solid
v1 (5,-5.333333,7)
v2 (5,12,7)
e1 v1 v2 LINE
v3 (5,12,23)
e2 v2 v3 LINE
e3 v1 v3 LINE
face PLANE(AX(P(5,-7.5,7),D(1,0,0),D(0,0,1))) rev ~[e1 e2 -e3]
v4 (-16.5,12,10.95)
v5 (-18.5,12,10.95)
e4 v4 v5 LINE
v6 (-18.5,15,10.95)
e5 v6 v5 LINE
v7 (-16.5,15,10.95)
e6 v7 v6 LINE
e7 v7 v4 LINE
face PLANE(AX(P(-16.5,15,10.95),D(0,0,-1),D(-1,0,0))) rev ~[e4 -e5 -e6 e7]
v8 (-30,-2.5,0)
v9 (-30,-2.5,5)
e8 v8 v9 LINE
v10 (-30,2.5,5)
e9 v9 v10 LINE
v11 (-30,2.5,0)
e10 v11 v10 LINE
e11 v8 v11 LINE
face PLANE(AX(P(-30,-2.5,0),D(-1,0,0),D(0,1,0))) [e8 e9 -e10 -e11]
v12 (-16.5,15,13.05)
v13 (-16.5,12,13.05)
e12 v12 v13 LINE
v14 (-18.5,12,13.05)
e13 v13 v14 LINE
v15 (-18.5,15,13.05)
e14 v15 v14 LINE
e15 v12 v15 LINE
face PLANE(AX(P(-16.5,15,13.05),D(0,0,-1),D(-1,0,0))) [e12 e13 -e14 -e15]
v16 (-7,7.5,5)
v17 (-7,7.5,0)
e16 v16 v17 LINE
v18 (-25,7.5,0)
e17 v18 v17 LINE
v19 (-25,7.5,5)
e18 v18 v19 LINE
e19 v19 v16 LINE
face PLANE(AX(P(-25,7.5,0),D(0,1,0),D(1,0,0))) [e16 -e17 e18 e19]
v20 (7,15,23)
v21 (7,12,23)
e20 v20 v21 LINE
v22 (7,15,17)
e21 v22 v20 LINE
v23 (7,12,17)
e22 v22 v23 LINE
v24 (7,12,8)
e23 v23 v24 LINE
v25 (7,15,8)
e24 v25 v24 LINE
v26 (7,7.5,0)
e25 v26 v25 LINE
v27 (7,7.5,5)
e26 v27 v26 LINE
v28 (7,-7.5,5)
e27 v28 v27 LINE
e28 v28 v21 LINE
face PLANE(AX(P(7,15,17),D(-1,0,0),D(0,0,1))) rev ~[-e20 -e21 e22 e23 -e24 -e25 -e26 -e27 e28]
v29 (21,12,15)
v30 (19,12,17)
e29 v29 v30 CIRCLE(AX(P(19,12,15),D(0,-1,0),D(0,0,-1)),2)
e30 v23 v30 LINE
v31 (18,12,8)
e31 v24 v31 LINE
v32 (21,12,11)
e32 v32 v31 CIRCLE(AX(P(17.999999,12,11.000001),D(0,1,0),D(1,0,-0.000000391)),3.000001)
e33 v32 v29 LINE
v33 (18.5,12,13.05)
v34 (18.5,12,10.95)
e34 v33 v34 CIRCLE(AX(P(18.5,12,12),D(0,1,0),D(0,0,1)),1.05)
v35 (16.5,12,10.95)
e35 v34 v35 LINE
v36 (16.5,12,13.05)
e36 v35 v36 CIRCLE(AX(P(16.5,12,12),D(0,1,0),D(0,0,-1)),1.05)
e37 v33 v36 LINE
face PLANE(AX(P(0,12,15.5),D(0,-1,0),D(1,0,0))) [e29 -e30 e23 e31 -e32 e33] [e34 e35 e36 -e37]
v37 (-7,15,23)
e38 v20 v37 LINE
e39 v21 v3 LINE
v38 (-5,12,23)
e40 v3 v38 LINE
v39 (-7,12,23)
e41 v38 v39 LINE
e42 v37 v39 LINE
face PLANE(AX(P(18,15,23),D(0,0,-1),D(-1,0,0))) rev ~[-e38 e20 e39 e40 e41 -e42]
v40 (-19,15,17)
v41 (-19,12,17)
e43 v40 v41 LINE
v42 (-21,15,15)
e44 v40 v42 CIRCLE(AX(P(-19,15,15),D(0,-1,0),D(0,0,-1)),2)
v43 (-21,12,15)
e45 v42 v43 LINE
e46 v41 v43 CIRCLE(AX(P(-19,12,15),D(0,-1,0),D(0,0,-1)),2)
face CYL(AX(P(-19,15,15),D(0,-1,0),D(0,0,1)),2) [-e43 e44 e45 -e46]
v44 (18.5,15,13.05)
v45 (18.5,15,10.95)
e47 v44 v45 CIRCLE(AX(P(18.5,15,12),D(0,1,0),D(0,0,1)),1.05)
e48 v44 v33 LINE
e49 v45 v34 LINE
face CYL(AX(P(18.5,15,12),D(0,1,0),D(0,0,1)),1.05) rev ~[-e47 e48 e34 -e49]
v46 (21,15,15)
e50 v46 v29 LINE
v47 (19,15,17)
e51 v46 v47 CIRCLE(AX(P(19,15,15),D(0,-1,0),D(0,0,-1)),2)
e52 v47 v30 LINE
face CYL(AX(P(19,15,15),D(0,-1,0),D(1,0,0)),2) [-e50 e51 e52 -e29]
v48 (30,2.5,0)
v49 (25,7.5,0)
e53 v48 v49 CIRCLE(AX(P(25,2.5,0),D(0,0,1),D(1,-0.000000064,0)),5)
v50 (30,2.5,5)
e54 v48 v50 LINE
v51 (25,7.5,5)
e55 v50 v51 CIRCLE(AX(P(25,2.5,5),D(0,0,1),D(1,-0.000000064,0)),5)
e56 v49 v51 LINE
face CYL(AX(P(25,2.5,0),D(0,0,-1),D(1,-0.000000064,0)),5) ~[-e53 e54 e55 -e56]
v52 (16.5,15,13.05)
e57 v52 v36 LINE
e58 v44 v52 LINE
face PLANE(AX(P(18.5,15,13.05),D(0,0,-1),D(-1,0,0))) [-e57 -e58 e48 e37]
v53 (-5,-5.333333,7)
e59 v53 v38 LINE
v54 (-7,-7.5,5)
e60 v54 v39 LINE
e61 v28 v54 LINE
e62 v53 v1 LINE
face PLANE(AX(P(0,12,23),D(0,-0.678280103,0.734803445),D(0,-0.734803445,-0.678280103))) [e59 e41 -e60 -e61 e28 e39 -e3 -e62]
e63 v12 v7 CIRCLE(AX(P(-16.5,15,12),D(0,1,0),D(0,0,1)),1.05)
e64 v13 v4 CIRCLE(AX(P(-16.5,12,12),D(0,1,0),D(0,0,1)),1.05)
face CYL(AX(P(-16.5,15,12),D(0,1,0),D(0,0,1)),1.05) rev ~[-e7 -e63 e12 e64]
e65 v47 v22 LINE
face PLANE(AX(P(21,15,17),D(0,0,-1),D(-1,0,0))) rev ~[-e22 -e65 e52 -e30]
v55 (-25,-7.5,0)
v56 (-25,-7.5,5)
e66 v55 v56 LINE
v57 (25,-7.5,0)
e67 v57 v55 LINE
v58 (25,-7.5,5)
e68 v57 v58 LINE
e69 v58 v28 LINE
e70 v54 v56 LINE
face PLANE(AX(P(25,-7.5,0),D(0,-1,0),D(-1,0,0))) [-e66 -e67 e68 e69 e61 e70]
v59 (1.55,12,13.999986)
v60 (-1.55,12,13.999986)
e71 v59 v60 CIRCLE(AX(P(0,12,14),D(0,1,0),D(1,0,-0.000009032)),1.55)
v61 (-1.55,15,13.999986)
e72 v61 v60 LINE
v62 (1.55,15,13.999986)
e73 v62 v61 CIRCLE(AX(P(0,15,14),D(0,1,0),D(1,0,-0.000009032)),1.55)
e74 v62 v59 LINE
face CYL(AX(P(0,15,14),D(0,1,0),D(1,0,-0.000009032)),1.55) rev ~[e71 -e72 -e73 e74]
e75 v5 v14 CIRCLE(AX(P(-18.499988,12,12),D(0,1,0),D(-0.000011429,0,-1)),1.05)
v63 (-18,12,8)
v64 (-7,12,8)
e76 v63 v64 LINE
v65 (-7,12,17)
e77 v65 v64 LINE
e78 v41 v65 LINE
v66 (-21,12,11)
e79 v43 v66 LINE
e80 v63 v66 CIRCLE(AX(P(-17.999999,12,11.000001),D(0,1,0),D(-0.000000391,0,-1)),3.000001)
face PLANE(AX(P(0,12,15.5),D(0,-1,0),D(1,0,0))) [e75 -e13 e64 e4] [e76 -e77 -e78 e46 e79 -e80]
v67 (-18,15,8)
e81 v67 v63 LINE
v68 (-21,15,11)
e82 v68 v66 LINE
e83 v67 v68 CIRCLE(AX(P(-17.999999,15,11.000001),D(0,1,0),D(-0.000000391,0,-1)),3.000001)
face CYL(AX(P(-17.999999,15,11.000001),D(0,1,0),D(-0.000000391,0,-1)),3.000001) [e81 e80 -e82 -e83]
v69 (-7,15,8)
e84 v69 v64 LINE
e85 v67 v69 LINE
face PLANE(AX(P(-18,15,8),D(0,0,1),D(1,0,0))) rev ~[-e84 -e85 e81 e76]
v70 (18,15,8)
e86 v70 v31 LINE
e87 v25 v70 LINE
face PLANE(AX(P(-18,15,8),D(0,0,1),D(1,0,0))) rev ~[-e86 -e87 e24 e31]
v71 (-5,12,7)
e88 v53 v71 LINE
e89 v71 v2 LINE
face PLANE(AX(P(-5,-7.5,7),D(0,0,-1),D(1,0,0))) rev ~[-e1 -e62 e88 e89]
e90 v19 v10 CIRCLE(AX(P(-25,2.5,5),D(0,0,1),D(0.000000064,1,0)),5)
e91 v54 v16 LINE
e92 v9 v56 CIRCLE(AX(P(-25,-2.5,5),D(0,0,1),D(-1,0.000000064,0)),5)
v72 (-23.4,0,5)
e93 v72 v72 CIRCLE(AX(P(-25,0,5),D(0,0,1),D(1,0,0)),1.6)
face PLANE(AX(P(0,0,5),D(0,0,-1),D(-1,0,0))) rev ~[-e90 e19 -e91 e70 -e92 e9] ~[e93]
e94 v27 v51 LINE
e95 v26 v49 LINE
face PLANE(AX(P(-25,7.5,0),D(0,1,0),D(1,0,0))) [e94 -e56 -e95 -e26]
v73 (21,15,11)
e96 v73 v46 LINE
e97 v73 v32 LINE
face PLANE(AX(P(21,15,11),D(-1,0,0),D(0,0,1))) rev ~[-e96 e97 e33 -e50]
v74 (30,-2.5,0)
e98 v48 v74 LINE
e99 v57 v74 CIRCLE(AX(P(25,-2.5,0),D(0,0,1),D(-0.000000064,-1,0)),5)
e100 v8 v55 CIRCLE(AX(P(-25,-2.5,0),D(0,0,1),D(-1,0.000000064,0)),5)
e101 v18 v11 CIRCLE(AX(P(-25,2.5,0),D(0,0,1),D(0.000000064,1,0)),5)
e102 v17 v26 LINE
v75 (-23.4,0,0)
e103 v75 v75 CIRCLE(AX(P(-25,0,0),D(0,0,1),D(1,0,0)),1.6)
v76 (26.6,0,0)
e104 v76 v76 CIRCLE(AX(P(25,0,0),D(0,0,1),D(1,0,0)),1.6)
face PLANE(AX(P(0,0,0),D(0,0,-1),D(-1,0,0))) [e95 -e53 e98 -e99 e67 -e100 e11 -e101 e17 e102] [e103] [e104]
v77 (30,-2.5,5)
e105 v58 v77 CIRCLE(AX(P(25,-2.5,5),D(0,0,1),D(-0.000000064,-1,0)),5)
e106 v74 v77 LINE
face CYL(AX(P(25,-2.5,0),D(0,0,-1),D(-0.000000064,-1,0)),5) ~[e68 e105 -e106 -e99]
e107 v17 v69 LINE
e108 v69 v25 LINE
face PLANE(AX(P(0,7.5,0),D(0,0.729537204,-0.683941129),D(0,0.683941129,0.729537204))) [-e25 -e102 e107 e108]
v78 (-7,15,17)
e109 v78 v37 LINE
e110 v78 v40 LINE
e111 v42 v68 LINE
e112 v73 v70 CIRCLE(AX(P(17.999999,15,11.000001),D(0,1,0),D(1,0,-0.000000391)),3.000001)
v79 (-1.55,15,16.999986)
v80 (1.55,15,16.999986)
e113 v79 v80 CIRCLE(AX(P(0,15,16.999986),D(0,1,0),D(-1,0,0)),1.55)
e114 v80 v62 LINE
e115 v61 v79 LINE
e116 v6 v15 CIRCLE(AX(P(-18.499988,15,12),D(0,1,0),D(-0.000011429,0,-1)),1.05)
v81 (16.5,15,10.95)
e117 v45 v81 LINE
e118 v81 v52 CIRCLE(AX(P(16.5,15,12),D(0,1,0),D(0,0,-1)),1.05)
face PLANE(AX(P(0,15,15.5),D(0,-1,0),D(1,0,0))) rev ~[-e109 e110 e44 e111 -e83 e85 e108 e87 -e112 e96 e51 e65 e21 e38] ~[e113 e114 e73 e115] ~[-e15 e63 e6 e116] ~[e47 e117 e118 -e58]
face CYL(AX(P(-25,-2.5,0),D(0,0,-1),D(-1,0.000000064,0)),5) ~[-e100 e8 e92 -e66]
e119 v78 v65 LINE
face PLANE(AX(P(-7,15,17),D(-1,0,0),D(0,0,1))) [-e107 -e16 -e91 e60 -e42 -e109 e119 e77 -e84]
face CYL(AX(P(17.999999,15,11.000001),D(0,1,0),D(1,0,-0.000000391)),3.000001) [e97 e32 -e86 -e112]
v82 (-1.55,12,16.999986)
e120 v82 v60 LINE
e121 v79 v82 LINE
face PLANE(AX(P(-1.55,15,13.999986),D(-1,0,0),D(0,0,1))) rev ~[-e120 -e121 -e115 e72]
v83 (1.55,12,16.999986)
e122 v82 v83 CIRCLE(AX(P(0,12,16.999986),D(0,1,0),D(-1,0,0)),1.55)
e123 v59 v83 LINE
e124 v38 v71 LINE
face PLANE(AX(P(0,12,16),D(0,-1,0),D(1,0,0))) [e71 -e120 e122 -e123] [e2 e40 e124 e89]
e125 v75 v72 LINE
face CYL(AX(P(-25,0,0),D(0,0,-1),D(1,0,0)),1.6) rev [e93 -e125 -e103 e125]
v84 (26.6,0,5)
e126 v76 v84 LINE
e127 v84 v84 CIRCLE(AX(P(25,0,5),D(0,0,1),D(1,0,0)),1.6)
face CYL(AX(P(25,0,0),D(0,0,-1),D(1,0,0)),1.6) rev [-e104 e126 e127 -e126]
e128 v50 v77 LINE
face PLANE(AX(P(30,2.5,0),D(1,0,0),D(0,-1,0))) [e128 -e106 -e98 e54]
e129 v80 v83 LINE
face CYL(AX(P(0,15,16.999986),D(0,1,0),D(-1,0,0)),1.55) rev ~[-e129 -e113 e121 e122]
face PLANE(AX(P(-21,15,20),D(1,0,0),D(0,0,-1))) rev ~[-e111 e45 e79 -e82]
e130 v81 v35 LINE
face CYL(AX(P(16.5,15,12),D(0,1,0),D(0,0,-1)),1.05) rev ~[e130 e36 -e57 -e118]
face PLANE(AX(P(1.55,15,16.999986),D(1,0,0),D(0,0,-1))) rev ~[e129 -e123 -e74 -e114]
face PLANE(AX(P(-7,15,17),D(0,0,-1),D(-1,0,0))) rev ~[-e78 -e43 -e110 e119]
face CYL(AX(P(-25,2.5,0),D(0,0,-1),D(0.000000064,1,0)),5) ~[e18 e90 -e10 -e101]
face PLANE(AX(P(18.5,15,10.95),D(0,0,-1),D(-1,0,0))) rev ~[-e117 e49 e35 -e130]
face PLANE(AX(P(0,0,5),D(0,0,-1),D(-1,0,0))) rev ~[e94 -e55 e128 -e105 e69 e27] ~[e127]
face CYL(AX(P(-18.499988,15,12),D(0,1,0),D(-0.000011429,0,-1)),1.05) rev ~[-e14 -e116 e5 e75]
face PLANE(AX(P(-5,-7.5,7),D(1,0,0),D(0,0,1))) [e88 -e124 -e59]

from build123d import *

# Parameters (mm, degrees)
SKETCH_R        = 1.6
PAD_DEPTH       = 5
PAD001_DEPTH    = 7
COPYSKETCH002_W = 10
COPYSKETCH002_H = 18
POCKET_DEPTH    = 19.5
PAD002_DEPTH    = 3
POCKET001_DEPTH = 5
SKETCH004_W     = 14
SKETCH004_H     = 6
POCKET002_DEPTH = 5
FILLET_R        = 2
FILLET001_R     = 2


with BuildPart() as part:
    # Sketch → Pad (new body)
    with BuildSketch(Plane.XY):
        with BuildLine():
            Line((-25, 7.5), (25, 7.5))
            ThreePointArc((30, 2.5), (28.535534, 6.035534), (25, 7.5))
            Line((30, 2.5), (30, -2.5))
            ThreePointArc((25, -7.5), (28.535534, -6.035534), (30, -2.5))
            Line((25, -7.5), (-25, -7.5))
            ThreePointArc((-30, -2.5), (-28.535534, -6.035534), (-25, -7.5))
            Line((-30, -2.5), (-30, 2.5))
            ThreePointArc((-25, 7.5), (-28.535534, 6.035534), (-30, 2.5))
        make_face()
        with Locations((-25, 0)):
            Circle(SKETCH_R, mode=Mode.SUBTRACT)
        with Locations((25, 0)):
            Circle(SKETCH_R, mode=Mode.SUBTRACT)
    extrude(amount=PAD_DEPTH)

    # Sketch001 → Pad001 (join, symmetric)
    with BuildSketch(Plane.YZ):
        Polygon((-7.5, 5), (7.5, 5), (7.5, 0), (15, 8), (15, 23), (12, 23), align=None)
    extrude(amount=PAD001_DEPTH, both=True)

    # CopySketch002 → Pocket (cut)
    with BuildSketch(Plane.XZ.offset(7.5)):
        with Locations((0, 16)):
            Rectangle(COPYSKETCH002_W, COPYSKETCH002_H)
    extrude(amount=-POCKET_DEPTH, mode=Mode.SUBTRACT)

    # Sketch003 (on Face18 of Pocket) → Pad002 (join)
    with BuildSketch(Plane(origin=(0, 15, 0), x_dir=(-1, 0, 0), z_dir=(0, 1, 0))):
        with BuildLine():
            Line((-18, 23), (18, 23))
            ThreePointArc((21, 20), (20.12132, 22.12132), (18, 23))
            Line((21, 20), (21, 11))
            ThreePointArc((18, 8), (20.12132, 8.87868), (21, 11))
            Line((18, 8), (-18, 8))
            ThreePointArc((-21, 11), (-20.12132, 8.87868), (-18, 8))
            Line((-21, 11), (-21, 20))
            ThreePointArc((-18, 23), (-20.12132, 22.12132), (-21, 20))
        make_face()
        with BuildLine():
            Line((-18.5, 13.05), (-16.5, 13.05))
            ThreePointArc((-16.5, 10.95), (-15.45, 12), (-16.5, 13.05))
            Line((-18.5, 10.95), (-16.5, 10.95))
            ThreePointArc((-18.5, 13.05), (-19.55, 12), (-18.5, 10.95))
        make_face(mode=Mode.SUBTRACT)
        with BuildLine():
            Line((16.5, 13.05), (18.5, 13.05))
            ThreePointArc((18.5, 10.95), (19.549988, 12), (18.5, 13.05))
            Line((16.5, 10.95), (18.5, 10.95))
            ThreePointArc((16.5, 13.05), (15.45, 12), (16.5, 10.95))
        make_face(mode=Mode.SUBTRACT)
        with BuildLine():
            Line((-1.55, 16.999987), (-1.55, 13.999987))
            ThreePointArc((-1.55, 13.999987), (0, 12.45), (1.55, 13.999987))
            Line((1.55, 16.999987), (1.55, 13.999987))
            ThreePointArc((1.55, 16.999987), (0, 18.549987), (-1.55, 16.999987))
        make_face(mode=Mode.SUBTRACT)
    extrude(amount=-PAD002_DEPTH)

    # Pad002 Face28 → Pocket001 (cut)
    with BuildSketch(Plane(origin=(0, 15, 15.499993), x_dir=(1, 0, 0), z_dir=(0, 1, 0))):
        with BuildLine():
            ThreePointArc((-1.55, -1.499993), (0, -3.049993), (1.55, -1.499993))
            Line((1.55, -1.499993), (1.55, 1.500007))
            ThreePointArc((1.55, 1.500007), (0, 3.049993), (-1.55, 1.500007))
            Line((-1.55, 1.500007), (-1.55, -1.499993))
        make_face()
    extrude(amount=-POCKET001_DEPTH, mode=Mode.SUBTRACT)

    # Sketch004 (on Face18 of Pad002) → Pocket002 (cut)
    with BuildSketch(Plane(origin=(0, 15, 0), x_dir=(-1, 0, 0), z_dir=(0, 1, 0))):
        with Locations((-14, 20)):
            Rectangle(SKETCH004_W, SKETCH004_H)
        with Locations((14, 20)):
            Rectangle(SKETCH004_W, SKETCH004_H)
    extrude(amount=-POCKET002_DEPTH, mode=Mode.SUBTRACT)

    # Fillet
    fillet_edges = [part.edges().sort_by_distance(p)[0] for p in [
        (21, 13.5, 17),
    ]]
    fillet(fillet_edges, radius=FILLET_R)

    # Fillet001
    fillet001_edges = [part.edges().sort_by_distance(p)[0] for p in [
        (-21, 13.5, 17),
    ]]
    fillet(fillet001_edges, radius=FILLET001_R)


solid = part.part
